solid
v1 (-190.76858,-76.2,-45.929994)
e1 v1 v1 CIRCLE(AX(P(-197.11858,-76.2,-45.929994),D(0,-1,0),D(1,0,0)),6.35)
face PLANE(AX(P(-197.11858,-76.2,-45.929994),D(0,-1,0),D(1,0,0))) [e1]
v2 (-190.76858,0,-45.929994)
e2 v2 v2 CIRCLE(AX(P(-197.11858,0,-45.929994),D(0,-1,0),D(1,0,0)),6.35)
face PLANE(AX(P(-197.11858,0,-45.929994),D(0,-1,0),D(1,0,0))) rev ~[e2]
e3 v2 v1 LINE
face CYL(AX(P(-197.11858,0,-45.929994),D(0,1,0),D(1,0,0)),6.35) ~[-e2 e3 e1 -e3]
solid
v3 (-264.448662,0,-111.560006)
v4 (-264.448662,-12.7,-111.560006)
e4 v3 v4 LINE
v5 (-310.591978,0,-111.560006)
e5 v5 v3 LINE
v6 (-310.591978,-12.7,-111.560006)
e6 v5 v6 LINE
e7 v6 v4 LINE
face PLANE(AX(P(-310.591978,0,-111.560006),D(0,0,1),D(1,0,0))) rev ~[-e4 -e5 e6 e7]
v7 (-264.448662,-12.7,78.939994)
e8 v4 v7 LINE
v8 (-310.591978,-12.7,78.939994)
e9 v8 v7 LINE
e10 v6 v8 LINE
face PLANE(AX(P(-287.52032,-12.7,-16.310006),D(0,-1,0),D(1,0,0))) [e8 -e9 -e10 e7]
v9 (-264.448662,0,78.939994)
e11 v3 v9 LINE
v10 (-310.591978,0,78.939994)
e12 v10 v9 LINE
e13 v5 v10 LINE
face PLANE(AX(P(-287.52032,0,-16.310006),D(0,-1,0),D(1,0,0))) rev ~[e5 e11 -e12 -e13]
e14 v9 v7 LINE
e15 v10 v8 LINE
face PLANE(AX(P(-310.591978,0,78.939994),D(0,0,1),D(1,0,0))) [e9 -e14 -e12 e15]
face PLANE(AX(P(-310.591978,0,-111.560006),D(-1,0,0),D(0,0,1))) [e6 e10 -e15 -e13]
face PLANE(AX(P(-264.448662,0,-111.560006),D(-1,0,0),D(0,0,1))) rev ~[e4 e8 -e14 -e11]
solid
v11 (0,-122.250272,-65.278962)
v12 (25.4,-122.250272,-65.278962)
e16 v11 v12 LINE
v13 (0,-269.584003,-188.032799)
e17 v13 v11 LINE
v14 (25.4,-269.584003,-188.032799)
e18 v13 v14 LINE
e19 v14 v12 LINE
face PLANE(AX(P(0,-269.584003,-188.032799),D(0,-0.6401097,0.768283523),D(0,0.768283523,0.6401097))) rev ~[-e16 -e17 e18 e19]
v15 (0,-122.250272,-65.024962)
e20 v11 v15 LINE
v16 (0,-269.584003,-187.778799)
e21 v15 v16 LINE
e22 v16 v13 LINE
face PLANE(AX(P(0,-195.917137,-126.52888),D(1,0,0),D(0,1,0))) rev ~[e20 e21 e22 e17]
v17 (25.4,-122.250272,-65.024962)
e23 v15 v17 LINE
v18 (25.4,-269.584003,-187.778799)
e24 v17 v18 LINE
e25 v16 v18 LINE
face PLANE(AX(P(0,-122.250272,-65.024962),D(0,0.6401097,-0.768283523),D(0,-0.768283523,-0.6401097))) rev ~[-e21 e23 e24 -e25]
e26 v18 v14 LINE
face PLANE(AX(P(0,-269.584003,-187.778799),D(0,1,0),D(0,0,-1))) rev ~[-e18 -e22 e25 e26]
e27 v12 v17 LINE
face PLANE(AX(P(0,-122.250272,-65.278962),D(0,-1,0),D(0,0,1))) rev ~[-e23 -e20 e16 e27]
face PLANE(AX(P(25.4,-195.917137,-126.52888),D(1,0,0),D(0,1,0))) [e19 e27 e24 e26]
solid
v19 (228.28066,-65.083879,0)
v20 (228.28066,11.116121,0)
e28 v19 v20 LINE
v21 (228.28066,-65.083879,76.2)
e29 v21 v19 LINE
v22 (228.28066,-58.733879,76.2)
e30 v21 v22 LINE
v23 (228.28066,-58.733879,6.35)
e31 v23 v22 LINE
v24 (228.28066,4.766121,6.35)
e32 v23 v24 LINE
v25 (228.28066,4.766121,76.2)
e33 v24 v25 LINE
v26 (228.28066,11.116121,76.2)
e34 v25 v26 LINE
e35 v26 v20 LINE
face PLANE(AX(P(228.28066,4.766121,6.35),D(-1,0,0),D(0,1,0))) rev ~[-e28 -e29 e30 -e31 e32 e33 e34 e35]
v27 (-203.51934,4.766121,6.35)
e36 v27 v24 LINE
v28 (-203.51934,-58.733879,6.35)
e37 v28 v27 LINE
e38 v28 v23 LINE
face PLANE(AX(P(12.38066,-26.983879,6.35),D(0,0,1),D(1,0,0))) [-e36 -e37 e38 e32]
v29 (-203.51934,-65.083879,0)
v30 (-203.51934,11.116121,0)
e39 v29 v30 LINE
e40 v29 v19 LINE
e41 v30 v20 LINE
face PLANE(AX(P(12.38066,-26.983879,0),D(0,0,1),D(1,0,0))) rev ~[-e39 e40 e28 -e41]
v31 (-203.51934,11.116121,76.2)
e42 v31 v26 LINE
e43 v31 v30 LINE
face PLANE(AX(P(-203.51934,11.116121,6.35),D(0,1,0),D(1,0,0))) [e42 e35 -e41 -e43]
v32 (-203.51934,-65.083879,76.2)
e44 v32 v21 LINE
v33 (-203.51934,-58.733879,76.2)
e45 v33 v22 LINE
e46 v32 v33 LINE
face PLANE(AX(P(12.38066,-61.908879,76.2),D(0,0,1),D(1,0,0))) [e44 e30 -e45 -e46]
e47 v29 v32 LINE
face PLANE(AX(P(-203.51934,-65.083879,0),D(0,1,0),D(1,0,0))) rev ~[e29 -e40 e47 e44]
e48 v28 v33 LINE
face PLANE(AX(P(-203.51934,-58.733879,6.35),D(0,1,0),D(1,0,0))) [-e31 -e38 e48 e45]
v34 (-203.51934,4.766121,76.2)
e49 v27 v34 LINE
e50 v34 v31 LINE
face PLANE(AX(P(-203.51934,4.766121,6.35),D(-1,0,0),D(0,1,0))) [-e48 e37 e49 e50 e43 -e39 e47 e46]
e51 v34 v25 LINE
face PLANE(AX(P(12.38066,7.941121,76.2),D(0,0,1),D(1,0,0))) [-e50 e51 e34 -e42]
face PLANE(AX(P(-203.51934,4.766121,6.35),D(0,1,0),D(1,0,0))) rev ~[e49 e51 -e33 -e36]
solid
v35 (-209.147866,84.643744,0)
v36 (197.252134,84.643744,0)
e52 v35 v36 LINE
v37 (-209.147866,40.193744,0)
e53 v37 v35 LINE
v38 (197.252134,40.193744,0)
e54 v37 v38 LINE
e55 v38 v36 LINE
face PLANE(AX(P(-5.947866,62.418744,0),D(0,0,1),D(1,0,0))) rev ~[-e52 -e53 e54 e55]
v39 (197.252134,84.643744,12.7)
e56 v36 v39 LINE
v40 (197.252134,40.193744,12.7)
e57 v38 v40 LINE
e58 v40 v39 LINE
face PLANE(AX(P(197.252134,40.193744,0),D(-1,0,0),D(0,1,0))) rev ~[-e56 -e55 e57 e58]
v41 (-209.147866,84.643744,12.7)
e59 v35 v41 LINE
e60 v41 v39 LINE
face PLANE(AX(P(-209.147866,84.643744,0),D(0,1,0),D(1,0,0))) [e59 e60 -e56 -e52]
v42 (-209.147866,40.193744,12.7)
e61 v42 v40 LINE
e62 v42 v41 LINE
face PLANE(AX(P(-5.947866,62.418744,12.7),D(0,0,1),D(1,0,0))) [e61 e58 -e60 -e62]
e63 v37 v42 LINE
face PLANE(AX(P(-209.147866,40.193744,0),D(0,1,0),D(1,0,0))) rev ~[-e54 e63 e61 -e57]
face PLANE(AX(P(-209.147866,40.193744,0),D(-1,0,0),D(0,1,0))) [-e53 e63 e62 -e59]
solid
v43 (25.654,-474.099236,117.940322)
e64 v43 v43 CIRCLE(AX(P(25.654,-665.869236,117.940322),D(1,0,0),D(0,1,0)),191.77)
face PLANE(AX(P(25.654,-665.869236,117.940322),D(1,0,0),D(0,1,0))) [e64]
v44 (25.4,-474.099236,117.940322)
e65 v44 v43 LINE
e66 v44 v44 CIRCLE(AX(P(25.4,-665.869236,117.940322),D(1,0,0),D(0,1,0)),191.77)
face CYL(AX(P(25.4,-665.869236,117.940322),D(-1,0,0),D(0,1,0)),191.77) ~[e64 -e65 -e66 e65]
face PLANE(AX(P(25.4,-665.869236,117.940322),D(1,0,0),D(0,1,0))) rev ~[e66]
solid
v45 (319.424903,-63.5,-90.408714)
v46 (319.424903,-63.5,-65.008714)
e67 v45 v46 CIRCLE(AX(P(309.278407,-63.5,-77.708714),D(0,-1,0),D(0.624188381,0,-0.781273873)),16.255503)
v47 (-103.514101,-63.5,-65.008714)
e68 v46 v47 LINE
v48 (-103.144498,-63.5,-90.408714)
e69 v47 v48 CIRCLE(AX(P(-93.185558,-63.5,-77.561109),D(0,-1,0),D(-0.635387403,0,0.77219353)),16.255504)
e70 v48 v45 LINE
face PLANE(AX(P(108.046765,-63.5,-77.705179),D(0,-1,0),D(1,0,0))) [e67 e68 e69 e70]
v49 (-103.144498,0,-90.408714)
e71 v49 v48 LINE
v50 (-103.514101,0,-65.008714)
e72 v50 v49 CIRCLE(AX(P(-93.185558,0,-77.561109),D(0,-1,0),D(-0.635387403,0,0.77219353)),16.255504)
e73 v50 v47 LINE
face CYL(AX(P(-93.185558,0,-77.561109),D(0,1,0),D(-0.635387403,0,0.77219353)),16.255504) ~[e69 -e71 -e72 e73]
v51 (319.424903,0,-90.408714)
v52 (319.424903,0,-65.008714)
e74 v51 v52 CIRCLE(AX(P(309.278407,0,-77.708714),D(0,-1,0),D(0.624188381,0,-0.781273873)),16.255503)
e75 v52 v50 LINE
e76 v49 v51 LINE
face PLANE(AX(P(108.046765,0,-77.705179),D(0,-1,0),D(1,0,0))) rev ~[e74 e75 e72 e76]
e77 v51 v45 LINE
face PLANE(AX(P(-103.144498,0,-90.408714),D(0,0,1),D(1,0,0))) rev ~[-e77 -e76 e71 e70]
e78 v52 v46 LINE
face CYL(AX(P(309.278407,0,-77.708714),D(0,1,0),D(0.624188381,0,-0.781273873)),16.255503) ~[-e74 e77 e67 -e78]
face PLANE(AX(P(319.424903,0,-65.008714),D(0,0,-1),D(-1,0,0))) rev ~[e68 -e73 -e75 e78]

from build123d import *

# Parameters (mm, degrees)
F0_W      = 431.8
F0_H      = 76.2
F1_DEPTH  = 6.35
F2_W      = 431.8
F2_H      = 6.35
F3_DEPTH  = 69.85
F4_W      = 406.4
F4_H      = 44.45
F5_DEPTH  = 12.7
F6_R      = 6.35
F7_DEPTH  = 76.2
F9_DEPTH  = 63.5
F10_W     = 46.143317
F10_H     = 190.5
F11_DEPTH = 12.7
F13_DEPTH = 25.4
F14_R     = 191.77
F15_DEPTH = 0.254


with BuildPart() as f1:
    # F0 (on Top) → F1 (new body)
    with BuildSketch(Plane.XY):
        with Locations((12.38066, -26.983879)):
            Rectangle(F0_W, F0_H)
    extrude(amount=F1_DEPTH)

    # F2 (on face) → F3 (join)
    with BuildSketch(Plane.XY.offset(6.35)):
        with Locations((12.38066, 7.941121)):
            Rectangle(F2_W, F2_H)
        with Locations((12.38066, -61.908879)):
            Rectangle(F2_W, F2_H)
    extrude(amount=F3_DEPTH)


with BuildPart() as f5:
    # F4 (on Top) → F5 (new body)
    with BuildSketch(Plane.XY):
        with Locations((-5.947866, 62.418744)):
            Rectangle(F4_W, F4_H)
    extrude(amount=F5_DEPTH)


with BuildPart() as f7:
    # F6 (on Front) → F7 (new body)
    with BuildSketch(Plane.XZ):
        with Locations((-197.11858, -45.929994)):
            Circle(F6_R)
    extrude(amount=F7_DEPTH)


with BuildPart() as f9:
    # F8 (on Front) → F9 (new body)
    with BuildSketch(Plane.XZ):
        with BuildLine():
            ThreePointArc((319.424903, -90.408714), (325.53391, -77.708714), (319.424903, -65.008714))
            Line((319.424903, -65.008714), (-103.514101, -65.008714))
            ThreePointArc((-103.514101, -65.008714), (-109.439342, -77.797623), (-103.144498, -90.408714))
            Line((-103.144498, -90.408714), (319.424903, -90.408714))
        make_face()
    extrude(amount=F9_DEPTH)


with BuildPart() as f11:
    # F10 (on Front) → F11 (new body)
    with BuildSketch(Plane.XZ):
        with Locations((-287.52032, -16.310006)):
            Rectangle(F10_W, F10_H)
    extrude(amount=F11_DEPTH)


with BuildPart() as f13:
    # F12 (on Right) → F13 (new body)
    with BuildSketch(Plane.YZ):
        Polygon((-122.250272, -65.024962), (-269.584003, -187.778799), (-269.584003, -188.032799), (-122.250272, -65.278962), align=None)
    extrude(amount=F13_DEPTH)


with BuildPart() as f15:
    # F14 (on face) → F15 (new body)
    with BuildSketch(Plane.YZ.offset(25.4)):
        with Locations((-665.869236, 117.940322)):
            Circle(F14_R)
    extrude(amount=F15_DEPTH)


solid = Compound([f1.part, f5.part, f7.part, f9.part, f11.part, f13.part, f15.part])
